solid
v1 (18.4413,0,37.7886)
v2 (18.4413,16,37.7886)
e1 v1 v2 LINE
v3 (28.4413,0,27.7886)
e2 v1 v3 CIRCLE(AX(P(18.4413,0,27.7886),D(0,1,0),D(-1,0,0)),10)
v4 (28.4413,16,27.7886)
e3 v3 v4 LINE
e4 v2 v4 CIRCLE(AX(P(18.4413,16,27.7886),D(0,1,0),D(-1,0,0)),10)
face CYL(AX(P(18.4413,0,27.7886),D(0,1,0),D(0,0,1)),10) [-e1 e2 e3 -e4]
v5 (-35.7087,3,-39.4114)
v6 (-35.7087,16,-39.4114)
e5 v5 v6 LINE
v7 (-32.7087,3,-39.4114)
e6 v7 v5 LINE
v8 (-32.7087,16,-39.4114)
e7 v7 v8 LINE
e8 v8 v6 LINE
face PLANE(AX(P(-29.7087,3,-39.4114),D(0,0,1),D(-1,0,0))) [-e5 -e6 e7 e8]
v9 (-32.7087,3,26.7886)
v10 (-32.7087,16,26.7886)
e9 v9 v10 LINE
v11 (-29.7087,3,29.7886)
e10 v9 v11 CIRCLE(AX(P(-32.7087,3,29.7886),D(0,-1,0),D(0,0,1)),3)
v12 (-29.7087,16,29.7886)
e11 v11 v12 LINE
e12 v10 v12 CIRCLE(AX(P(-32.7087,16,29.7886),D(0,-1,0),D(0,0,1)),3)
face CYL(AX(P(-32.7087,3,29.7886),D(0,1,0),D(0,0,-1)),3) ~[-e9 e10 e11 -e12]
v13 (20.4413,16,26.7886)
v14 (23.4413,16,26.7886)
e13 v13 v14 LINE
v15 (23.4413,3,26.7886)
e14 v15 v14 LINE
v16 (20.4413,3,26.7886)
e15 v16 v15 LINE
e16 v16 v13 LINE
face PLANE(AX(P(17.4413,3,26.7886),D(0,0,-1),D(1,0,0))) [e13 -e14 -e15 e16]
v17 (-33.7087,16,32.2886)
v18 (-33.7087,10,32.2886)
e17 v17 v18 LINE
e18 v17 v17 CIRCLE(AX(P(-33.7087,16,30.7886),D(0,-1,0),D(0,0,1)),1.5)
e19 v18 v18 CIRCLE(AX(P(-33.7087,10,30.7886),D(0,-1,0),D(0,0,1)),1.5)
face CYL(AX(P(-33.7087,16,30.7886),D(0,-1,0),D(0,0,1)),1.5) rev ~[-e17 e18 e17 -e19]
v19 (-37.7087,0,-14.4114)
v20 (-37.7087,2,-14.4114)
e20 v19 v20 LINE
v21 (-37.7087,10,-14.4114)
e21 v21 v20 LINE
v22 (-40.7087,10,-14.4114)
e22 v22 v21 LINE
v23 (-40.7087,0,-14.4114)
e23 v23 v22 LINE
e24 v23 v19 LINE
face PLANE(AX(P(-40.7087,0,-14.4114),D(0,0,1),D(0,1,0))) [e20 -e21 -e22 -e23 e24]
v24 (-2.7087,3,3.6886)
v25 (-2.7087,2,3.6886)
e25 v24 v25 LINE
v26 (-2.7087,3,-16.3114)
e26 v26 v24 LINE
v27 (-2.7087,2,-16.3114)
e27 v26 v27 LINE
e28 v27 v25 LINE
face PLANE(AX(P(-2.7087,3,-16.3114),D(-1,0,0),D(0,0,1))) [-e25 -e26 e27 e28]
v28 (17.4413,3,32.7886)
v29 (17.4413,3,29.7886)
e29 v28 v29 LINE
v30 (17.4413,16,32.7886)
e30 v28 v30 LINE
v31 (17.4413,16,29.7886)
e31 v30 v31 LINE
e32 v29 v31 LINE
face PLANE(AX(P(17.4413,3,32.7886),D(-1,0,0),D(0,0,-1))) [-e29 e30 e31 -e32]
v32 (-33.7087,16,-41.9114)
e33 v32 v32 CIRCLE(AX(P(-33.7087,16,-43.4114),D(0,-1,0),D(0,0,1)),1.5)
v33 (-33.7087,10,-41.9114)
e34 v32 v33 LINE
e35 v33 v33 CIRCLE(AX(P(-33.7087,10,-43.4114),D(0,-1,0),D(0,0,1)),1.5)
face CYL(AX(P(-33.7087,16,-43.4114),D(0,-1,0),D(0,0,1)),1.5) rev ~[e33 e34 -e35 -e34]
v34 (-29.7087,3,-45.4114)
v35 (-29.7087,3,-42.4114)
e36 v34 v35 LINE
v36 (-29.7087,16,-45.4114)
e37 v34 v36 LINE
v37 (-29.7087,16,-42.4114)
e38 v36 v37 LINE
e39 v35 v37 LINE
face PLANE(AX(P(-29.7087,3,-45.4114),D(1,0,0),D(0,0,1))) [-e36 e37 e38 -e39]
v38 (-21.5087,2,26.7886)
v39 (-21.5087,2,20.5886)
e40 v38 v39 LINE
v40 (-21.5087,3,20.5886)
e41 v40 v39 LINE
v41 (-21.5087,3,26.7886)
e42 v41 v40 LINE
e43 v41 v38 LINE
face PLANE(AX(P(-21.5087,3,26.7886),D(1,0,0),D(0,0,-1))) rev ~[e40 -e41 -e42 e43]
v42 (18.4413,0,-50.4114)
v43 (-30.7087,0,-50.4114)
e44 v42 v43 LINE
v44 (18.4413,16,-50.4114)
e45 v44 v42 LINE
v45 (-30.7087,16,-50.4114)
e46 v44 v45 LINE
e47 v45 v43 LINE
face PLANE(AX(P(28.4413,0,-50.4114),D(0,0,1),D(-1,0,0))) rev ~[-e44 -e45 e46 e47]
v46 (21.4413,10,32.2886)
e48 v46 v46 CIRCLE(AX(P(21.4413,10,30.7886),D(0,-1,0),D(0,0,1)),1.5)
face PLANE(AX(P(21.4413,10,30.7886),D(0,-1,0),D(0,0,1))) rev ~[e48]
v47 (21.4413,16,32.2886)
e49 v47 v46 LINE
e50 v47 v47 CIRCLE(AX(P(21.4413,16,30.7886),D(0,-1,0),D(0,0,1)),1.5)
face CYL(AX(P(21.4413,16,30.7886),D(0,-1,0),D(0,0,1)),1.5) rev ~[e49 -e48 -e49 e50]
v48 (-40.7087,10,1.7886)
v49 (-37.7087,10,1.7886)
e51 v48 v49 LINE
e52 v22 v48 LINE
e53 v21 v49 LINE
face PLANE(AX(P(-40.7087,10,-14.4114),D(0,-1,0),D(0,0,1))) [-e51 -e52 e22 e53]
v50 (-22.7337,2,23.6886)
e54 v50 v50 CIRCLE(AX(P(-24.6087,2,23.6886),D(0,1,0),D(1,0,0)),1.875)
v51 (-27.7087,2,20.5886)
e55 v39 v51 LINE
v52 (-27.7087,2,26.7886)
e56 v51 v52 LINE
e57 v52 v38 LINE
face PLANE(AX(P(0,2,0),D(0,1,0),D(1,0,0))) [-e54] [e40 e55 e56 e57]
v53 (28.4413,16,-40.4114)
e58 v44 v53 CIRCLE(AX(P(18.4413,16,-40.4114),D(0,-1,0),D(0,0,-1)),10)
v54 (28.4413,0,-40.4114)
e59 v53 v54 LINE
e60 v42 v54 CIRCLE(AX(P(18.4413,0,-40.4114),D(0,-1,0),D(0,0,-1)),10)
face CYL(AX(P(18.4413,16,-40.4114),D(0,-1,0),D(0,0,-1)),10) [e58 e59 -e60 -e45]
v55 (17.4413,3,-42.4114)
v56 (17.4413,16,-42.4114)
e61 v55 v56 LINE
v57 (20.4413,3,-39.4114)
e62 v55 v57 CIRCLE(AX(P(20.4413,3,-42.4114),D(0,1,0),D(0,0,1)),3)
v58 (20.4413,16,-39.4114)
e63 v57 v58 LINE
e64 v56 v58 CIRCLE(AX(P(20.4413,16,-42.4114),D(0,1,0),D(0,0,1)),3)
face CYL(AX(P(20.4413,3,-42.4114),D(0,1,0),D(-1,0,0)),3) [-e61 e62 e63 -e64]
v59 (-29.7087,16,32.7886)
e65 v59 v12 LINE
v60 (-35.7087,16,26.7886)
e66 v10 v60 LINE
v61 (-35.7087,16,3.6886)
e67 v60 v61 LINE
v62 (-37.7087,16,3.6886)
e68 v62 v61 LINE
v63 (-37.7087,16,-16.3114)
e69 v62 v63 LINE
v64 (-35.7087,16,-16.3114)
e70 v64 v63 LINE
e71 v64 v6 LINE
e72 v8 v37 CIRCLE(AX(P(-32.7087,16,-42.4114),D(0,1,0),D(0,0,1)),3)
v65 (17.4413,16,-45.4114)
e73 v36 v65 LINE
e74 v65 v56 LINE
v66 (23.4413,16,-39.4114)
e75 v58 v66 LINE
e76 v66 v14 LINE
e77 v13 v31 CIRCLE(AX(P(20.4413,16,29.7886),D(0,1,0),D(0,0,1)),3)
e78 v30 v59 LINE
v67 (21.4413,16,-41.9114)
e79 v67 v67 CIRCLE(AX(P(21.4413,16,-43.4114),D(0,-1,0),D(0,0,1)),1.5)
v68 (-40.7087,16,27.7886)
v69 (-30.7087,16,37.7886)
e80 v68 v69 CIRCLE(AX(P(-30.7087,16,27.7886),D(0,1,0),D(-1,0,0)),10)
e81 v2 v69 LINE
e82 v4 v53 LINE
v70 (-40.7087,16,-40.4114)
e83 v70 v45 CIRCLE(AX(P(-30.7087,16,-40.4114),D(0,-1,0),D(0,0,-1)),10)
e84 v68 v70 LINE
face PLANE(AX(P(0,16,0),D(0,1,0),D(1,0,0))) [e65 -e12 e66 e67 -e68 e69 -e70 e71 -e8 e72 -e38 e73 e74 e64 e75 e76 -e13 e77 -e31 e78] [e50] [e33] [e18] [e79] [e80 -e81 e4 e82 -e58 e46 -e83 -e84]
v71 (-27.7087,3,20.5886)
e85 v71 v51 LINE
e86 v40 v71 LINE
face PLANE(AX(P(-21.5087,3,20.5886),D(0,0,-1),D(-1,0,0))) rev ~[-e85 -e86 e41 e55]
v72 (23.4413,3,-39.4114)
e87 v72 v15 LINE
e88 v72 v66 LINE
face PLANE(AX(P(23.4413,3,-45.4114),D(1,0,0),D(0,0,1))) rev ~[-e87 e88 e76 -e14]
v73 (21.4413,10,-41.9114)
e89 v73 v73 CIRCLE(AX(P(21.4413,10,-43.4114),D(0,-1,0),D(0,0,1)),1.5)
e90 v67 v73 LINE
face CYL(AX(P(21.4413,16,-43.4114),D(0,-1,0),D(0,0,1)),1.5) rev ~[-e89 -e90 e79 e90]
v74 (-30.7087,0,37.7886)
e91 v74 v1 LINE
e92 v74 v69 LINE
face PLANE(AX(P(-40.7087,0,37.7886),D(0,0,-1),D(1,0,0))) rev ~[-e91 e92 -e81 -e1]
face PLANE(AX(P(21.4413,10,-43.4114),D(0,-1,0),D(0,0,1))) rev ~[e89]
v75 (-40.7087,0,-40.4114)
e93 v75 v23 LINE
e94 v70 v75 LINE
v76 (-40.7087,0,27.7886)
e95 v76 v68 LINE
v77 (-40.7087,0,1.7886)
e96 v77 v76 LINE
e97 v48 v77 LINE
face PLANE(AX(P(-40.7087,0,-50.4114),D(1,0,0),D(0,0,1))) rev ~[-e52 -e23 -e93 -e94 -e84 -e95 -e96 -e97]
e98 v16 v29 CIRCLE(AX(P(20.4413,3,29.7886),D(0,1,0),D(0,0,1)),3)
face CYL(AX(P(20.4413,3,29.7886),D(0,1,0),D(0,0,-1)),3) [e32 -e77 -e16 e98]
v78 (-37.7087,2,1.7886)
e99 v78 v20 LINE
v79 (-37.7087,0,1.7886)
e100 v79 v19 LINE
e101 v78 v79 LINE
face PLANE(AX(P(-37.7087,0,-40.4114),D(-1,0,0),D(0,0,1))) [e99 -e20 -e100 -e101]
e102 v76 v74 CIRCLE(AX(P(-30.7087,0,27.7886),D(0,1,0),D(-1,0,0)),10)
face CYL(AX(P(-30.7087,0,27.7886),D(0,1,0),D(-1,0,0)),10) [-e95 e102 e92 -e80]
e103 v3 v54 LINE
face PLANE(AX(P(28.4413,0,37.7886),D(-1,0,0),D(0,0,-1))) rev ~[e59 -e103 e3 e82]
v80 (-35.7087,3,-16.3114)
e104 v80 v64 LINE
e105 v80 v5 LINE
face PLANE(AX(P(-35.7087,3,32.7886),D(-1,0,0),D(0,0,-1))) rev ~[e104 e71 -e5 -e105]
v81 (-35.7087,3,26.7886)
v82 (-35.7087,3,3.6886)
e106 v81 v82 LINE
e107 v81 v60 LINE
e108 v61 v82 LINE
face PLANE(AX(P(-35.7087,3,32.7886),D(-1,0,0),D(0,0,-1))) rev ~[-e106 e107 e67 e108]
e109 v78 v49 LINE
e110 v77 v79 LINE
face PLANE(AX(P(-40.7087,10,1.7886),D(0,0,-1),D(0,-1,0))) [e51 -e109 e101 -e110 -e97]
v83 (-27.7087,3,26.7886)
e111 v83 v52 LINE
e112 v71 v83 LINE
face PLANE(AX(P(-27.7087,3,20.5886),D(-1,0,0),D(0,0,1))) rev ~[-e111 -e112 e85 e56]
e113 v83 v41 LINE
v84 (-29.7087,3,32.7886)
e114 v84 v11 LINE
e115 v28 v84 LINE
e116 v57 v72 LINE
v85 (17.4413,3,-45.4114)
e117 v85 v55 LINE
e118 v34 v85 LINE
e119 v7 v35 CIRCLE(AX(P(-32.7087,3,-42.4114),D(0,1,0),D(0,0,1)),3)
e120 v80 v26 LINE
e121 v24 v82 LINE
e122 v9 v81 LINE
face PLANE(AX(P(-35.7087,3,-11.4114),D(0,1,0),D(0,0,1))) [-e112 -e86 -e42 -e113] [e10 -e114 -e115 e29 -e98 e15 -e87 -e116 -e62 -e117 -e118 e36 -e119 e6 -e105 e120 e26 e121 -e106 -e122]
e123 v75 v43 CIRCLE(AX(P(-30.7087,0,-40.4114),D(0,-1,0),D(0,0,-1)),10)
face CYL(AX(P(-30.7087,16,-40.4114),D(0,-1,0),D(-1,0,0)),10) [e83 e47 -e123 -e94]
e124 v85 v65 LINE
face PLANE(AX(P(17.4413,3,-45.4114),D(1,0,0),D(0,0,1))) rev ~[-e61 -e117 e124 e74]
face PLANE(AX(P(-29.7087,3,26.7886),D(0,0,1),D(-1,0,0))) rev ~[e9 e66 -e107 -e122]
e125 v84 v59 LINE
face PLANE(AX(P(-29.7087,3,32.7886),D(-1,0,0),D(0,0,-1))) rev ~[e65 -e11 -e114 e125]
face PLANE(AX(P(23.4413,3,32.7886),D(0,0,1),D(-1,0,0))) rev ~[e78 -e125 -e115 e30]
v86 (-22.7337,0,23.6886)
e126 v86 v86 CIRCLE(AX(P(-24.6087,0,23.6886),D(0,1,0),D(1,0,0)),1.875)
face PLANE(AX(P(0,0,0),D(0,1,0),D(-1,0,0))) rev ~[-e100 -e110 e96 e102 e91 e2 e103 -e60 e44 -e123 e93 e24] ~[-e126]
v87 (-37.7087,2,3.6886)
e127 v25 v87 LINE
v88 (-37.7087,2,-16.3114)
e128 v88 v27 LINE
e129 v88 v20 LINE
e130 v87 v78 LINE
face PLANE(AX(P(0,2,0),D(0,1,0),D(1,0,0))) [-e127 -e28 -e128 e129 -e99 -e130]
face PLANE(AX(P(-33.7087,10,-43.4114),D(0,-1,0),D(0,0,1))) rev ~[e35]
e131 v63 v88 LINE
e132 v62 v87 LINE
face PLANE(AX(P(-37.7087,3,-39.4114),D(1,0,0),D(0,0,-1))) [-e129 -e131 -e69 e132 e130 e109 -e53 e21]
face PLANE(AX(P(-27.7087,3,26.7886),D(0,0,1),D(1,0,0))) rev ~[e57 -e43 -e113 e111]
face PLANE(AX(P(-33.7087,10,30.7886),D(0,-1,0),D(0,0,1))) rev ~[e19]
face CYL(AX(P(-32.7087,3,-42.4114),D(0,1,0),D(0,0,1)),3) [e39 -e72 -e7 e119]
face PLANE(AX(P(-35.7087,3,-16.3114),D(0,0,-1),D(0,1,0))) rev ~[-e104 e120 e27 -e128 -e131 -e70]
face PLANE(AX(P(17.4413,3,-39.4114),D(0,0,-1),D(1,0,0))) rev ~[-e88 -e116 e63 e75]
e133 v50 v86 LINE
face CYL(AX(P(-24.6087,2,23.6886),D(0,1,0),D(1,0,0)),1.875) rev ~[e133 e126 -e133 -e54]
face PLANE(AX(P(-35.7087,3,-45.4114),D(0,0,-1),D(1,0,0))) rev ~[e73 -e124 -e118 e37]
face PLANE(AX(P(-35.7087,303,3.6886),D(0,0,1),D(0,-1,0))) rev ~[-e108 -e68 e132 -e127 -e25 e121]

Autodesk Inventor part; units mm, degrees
ref_plane "YZ Plane" through (0, 0, 0) normal (1, 0, 0) x (0, 1, 0)
ref_plane "XZ Plane" through (0, 0, 0) normal (0, 1, 0) x (-1, 0, 0)
ref_plane "XY Plane" through (0, 0, 0) normal (0, 0, 1) x (1, 0, 0)
sketch "Sketch1" plane through (0, 0, 0) normal (0, 1, 0) x (-1, 0, 0)
  line L0 (40.7087, 37.7886) -> (-28.4413, 37.7886)
  line L1 (-28.4413, 37.7886) -> (-28.4413, -50.4114)
  line L2 (-28.4413, -50.4114) -> (40.7087, -50.4114)
  line L3 (40.7087, -50.4114) -> (40.7087, 37.7886)
  point P0 (0, 0)
  dimension "d0" = 88.2
  dimension "d1" = 69.15
extrude "Extrusion1" add sketch "Sketch1" along normal blind 3
sketch "Sketch2" plane through (0, 3, 0) normal (0, 1, 0) x (1, 0, 0)
  line L0 (-40.7087, -37.7886) -> (28.4413, -37.7886) projected
  line L1 (28.4413, -37.7886) -> (28.4413, 50.4114) projected
  line L2 (-40.7087, -37.7886) -> (28.4413, -37.7886)
  line L3 (28.4413, -37.7886) -> (28.4413, -32.7886)
  line L4 (28.4413, -32.7886) -> (-40.7087, -32.7886)
  line L5 (-40.7087, -32.7886) -> (-40.7087, -37.7886)
  line L6 (-40.7087, 50.4114) -> (-40.7087, -37.7886) projected
  line L7 (-40.7087, -37.7886) -> (-35.7087, -37.7886)
  line L8 (-35.7087, -37.7886) -> (-35.7087, 50.4114)
  line L9 (-35.7087, 50.4114) -> (-40.7087, 50.4114)
  line L10 (-40.7087, 50.4114) -> (-40.7087, -37.7886)
  line L11 (28.4413, 50.4114) -> (-40.7087, 50.4114) projected
  line L12 (-40.7087, 45.4114) -> (28.4413, 45.4114)
  line L13 (28.4413, 45.4114) -> (28.4413, 50.4114)
  line L14 (28.4413, 50.4114) -> (-40.7087, 50.4114)
  line L15 (-40.7087, 50.4114) -> (-40.7087, 45.4114)
  line L16 (28.4413, 50.4114) -> (23.4413, 50.4114)
  line L17 (23.4413, 50.4114) -> (23.4413, -37.7886)
  line L18 (23.4413, -37.7886) -> (28.4413, -37.7886)
  line L19 (28.4413, -37.7886) -> (28.4413, 50.4114)
  point P0 (0, 0)
  dimension "d4" = 5
  dimension "d5" = 5
  dimension "d6" = 5
  dimension "d7" = 5
extrude "Extrusion2" add sketch "Sketch2" along normal blind 13 contours L5 L4 L8 L0 | L8 L4 L17 L0 | L6 L12 L8 L4 | L17 L4 L1 L0 | L6 L9 L8 L12 | L17 L12 L1 L4 | L8 L11 L17 L12 | L17 L11 L1 L12
fillet "Fillet1" radius 10 4 edges at (28.4413, 8, 37.7886) (28.4413, 8, -50.4114) (-40.7087, 8, 37.7886) (-40.7087, 8, -50.4114)
sketch "Sketch3" plane through (0, 3, 0) normal (0, 1, 0) x (1, 0, 0)
  line L0 (-35.7087, -32.7886) -> (23.4413, -32.7886) projected
  line L1 (-35.7087, -32.7886) -> (-29.7087, -32.7886)
  line L2 (-29.7087, -32.7886) -> (-29.7087, -26.7886)
  line L3 (-29.7087, -26.7886) -> (-35.7087, -26.7886)
  line L4 (-35.7087, -26.7886) -> (-35.7087, -32.7886)
  line L5 (-35.7087, 45.4114) -> (-35.7087, -32.7886) projected
  line L6 (-35.7087, 45.4114) -> (-29.7087, 45.4114)
  line L7 (-29.7087, 45.4114) -> (-29.7087, 39.4114)
  line L8 (-29.7087, 39.4114) -> (-35.7087, 39.4114)
  line L9 (-35.7087, 39.4114) -> (-35.7087, 45.4114)
  line L10 (23.4413, -32.7886) -> (23.4413, 45.4114) projected
  line L11 (23.4413, 45.4114) -> (17.4413, 45.4114)
  line L12 (17.4413, 45.4114) -> (17.4413, 39.4114)
  line L13 (17.4413, 39.4114) -> (23.4413, 39.4114)
  line L14 (23.4413, 39.4114) -> (23.4413, 45.4114)
  line L15 (23.4413, -32.7886) -> (17.4413, -32.7886)
  line L16 (17.4413, -32.7886) -> (17.4413, -26.7886)
  line L17 (17.4413, -26.7886) -> (23.4413, -26.7886)
  line L18 (23.4413, -26.7886) -> (23.4413, -32.7886)
  point P0 (0, 0)
  dimension "d11" = 6
  dimension "d12" = 6
  dimension "d13" = 6
  dimension "d14" = 6
  dimension "d15" = 6
  dimension "d16" = 6
  dimension "d17" = 6
  dimension "d18" = 6
extrude "Extrusion3" add sketch "Sketch3" along normal up to surface (13 mm away)
fillet "Fillet2" radius 3 4 edges at (-29.7087, 9.5, -39.4114) (-29.7087, 9.5, 26.7886) (17.4413, 9.5, -39.4114) (17.4413, 9.5, 26.7886)
sketch "Sketch4" plane through (0, 16, 0) normal (0, 1, 0) x (1, 0, 0)
  line L0 (28.4413, -27.7886) -> (28.4413, 40.4114) projected
  line L1 (-30.7087, -37.7886) -> (18.4413, -37.7886) projected
  line L2 (-40.7087, 40.4114) -> (-40.7087, -27.7886) projected
  line L3 (18.4413, 50.4114) -> (-30.7087, 50.4114) projected
  point P0 (0, 0)
  point P1 (21.4413, -30.7886)
  point P2 (-33.7087, -30.7886)
  point P3 (-33.7087, 43.4114)
  point P4 (21.4413, 43.4114)
  dimension "d22" = 7
  dimension "d23" = 7
  dimension "d24" = 7
  dimension "d25" = 7
  dimension "d26" = 7
  dimension "d27" = 7
  dimension "d28" = 7
  dimension "d29" = 7
hole "Hole1" at (21.4413, 16, 30.7886) at (-33.7087, 16, 30.7886) at (-33.7087, 16, -43.4114) at (21.4413, 16, -43.4114) direction (0, -1, 0) diameter 3 depth 6
sketch "Sketch5" plane through (-35.7087, 3, 26.7886) normal (1, 0, 0) x (0, 0, -1)
  line L0 (66.2, 0) -> (0, 0) projected
  line L1 (28, 0) -> (38.2, 0)
  line L2 (38.2, 0) -> (38.2, 4)
  line L3 (38.2, 4) -> (28, 4)
  line L4 (28, 4) -> (28, 0)
  line L5 (0, 13) -> (0, 0) projected
  point P0 (26.7886, -3)
  point P1 (66.2, 13)
  dimension "d37" = 4
  dimension "d38" = 10.2
  dimension "d39" = 28
  dimension "d40" = 28
  dimension "d41" = 66.2
extrude "Extrusion4" cut sketch "Sketch5" against normal blind 13
sketch "Sketch6" plane through (-40.7087, 0, -40.4114) normal (-1, 0, 0) x (0, 0, 1)
  line L0 (26, 10) -> (42.2, 10)
  line L1 (42.2, 10) -> (42.2, 0)
  line L2 (42.2, 0) -> (26, 0)
  line L3 (26, 0) -> (26, 10)
  line L4 (39.2, 7) -> (39.2, 3) projected
  line L5 (29, 3) -> (29, 7) projected
  line L6 (39.2, 3) -> (29, 3) projected
  line L7 (29, 7) -> (39.2, 7) projected
  point P0 (40.4114, 0)
  dimension "d44" = 3
  dimension "d45" = 3
  dimension "d46" = 3
  dimension "d47" = 3
extrude "Extrusion5" cut sketch "Sketch6" against normal blind 3
sketch "Sketch7" plane through (-35.7087, 3, -39.4114) normal (1, 0, 0) x (0, 0, -1)
  line L0 (-38.2, 0) -> (-66.2, 0) projected
  line L1 (-43.1, 0) -> (-23.1, 0)
  line L2 (-23.1, 0) -> (-23.1, 300)
  line L3 (-23.1, 300) -> (-43.1, 300)
  line L4 (-43.1, 300) -> (-43.1, 0)
  line L5 (-28, 4) -> (-28, 0) projected
  line L6 (-38.2, 0) -> (-38.2, 4) projected
  point P0 (-39.4114, -3)
  dimension "d50" = 20
  dimension "d51" = 4.9
  dimension "d52" = 4.9
  dimension "d53" = 10.2
  dimension "d102" = 300
extrude "Extrusion6" cut sketch "Sketch7" against normal blind 2
sketch "Sketch8" plane through (0, 3, 0) normal (0, 1, 0) x (1, 0, 0)
  line L0 (-37.7087, 16.3114) -> (-37.7087, 14.4114) projected
  line L1 (-37.7087, 16.3114) -> (-2.7087, 16.3114)
  line L2 (-2.7087, 16.3114) -> (-2.7087, -3.6886)
  line L3 (-2.7087, -3.6886) -> (-37.7087, -3.6886)
  line L4 (-37.7087, -3.6886) -> (-37.7087, 16.3114)
  line L5 (-35.7087, -3.6886) -> (-37.7087, -3.6886) projected
  point P0 (0, 0)
  dimension "d56" = 20
  dimension "d57" = 20
  dimension "d58" = 35
extrude "Extrusion7" cut sketch "Sketch8" against normal blind 1
sketch "Sketch14" plane through (0, 3, 0) normal (0, 1, 0) x (1, 0, 0)
  line L0 (-27.7087, -26.7886) -> (-21.5087, -26.7886)
  line L1 (-21.5087, -26.7886) -> (-21.5087, -20.5886)
  line L2 (-21.5087, -20.5886) -> (-27.7087, -20.5886)
  line L3 (-27.7087, -20.5886) -> (-27.7087, -26.7886)
  line L4 (17.4413, -32.7886) -> (-29.7087, -32.7886) projected
  line L5 (-35.7087, -26.7886) -> (-35.7087, -3.6886) projected
  point P0 (0, 0)
  dimension "d103" = 6.2
  dimension "d104" = 6
  dimension "d105" = 8
  dimension "d106" = 6.2
extrude "Extrusion11" cut sketch "Sketch14" against normal blind 1
sketch "Sketch15" plane through (0, 2, 0) normal (0, 1, 0) x (1, 0, 0)
  circle A0 centre (-24.6087, -23.6886) radius 1.875
  line L0 (-21.5087, -20.5886) -> (-21.5087, -26.7886) projected
  line L1 (-27.7087, -26.7886) -> (-27.7087, -20.5886) projected
  line L2 (-27.7087, -20.5886) -> (-21.5087, -20.5886) projected
  line L3 (-21.5087, -26.7886) -> (-27.7087, -26.7886) projected
  point P0 (0, 0)
  dimension "d109" = 3.1
  dimension "d110" = 3.1
  dimension "d111" = 3.1
  dimension "d112" = 3.1
  dimension "d113" = 3.75
extrude "Extrusion12" cut sketch "Sketch15" against normal through all contours A0
equation "\"d5\" = d4"
equation "\"d6\" = d4"
equation "\"d7\" = d4"
equation "\"d11\" = d12"
equation "\"d13\" = d12"
equation "\"d14\" = d13"
equation "\"d15\" = d13"
equation "\"d16\" = d15"
equation "\"d17\" = d15"
equation "\"d18\" = d17"
equation "\"d22\" = d23"
equation "\"d24\" = d23"
equation "\"d25\" = d24"
equation "\"d26\" = d25"
equation "\"d27\" = d26"
equation "\"d28\" = d27"
equation "\"d29\" = d28"
equation "\"d39\" = 0.5 * d41 - 0.5 * d38"
equation "\"d45\" = d44"
equation "\"d47\" = d44"
equation "\"d51\" = -0.5 * d53 + 0.5 * d50"
equation "\"d56\" = d57"
equation "\"d103\" = d106"
equation "\"d109\" = d112"
properties part number "macropad-frame"
